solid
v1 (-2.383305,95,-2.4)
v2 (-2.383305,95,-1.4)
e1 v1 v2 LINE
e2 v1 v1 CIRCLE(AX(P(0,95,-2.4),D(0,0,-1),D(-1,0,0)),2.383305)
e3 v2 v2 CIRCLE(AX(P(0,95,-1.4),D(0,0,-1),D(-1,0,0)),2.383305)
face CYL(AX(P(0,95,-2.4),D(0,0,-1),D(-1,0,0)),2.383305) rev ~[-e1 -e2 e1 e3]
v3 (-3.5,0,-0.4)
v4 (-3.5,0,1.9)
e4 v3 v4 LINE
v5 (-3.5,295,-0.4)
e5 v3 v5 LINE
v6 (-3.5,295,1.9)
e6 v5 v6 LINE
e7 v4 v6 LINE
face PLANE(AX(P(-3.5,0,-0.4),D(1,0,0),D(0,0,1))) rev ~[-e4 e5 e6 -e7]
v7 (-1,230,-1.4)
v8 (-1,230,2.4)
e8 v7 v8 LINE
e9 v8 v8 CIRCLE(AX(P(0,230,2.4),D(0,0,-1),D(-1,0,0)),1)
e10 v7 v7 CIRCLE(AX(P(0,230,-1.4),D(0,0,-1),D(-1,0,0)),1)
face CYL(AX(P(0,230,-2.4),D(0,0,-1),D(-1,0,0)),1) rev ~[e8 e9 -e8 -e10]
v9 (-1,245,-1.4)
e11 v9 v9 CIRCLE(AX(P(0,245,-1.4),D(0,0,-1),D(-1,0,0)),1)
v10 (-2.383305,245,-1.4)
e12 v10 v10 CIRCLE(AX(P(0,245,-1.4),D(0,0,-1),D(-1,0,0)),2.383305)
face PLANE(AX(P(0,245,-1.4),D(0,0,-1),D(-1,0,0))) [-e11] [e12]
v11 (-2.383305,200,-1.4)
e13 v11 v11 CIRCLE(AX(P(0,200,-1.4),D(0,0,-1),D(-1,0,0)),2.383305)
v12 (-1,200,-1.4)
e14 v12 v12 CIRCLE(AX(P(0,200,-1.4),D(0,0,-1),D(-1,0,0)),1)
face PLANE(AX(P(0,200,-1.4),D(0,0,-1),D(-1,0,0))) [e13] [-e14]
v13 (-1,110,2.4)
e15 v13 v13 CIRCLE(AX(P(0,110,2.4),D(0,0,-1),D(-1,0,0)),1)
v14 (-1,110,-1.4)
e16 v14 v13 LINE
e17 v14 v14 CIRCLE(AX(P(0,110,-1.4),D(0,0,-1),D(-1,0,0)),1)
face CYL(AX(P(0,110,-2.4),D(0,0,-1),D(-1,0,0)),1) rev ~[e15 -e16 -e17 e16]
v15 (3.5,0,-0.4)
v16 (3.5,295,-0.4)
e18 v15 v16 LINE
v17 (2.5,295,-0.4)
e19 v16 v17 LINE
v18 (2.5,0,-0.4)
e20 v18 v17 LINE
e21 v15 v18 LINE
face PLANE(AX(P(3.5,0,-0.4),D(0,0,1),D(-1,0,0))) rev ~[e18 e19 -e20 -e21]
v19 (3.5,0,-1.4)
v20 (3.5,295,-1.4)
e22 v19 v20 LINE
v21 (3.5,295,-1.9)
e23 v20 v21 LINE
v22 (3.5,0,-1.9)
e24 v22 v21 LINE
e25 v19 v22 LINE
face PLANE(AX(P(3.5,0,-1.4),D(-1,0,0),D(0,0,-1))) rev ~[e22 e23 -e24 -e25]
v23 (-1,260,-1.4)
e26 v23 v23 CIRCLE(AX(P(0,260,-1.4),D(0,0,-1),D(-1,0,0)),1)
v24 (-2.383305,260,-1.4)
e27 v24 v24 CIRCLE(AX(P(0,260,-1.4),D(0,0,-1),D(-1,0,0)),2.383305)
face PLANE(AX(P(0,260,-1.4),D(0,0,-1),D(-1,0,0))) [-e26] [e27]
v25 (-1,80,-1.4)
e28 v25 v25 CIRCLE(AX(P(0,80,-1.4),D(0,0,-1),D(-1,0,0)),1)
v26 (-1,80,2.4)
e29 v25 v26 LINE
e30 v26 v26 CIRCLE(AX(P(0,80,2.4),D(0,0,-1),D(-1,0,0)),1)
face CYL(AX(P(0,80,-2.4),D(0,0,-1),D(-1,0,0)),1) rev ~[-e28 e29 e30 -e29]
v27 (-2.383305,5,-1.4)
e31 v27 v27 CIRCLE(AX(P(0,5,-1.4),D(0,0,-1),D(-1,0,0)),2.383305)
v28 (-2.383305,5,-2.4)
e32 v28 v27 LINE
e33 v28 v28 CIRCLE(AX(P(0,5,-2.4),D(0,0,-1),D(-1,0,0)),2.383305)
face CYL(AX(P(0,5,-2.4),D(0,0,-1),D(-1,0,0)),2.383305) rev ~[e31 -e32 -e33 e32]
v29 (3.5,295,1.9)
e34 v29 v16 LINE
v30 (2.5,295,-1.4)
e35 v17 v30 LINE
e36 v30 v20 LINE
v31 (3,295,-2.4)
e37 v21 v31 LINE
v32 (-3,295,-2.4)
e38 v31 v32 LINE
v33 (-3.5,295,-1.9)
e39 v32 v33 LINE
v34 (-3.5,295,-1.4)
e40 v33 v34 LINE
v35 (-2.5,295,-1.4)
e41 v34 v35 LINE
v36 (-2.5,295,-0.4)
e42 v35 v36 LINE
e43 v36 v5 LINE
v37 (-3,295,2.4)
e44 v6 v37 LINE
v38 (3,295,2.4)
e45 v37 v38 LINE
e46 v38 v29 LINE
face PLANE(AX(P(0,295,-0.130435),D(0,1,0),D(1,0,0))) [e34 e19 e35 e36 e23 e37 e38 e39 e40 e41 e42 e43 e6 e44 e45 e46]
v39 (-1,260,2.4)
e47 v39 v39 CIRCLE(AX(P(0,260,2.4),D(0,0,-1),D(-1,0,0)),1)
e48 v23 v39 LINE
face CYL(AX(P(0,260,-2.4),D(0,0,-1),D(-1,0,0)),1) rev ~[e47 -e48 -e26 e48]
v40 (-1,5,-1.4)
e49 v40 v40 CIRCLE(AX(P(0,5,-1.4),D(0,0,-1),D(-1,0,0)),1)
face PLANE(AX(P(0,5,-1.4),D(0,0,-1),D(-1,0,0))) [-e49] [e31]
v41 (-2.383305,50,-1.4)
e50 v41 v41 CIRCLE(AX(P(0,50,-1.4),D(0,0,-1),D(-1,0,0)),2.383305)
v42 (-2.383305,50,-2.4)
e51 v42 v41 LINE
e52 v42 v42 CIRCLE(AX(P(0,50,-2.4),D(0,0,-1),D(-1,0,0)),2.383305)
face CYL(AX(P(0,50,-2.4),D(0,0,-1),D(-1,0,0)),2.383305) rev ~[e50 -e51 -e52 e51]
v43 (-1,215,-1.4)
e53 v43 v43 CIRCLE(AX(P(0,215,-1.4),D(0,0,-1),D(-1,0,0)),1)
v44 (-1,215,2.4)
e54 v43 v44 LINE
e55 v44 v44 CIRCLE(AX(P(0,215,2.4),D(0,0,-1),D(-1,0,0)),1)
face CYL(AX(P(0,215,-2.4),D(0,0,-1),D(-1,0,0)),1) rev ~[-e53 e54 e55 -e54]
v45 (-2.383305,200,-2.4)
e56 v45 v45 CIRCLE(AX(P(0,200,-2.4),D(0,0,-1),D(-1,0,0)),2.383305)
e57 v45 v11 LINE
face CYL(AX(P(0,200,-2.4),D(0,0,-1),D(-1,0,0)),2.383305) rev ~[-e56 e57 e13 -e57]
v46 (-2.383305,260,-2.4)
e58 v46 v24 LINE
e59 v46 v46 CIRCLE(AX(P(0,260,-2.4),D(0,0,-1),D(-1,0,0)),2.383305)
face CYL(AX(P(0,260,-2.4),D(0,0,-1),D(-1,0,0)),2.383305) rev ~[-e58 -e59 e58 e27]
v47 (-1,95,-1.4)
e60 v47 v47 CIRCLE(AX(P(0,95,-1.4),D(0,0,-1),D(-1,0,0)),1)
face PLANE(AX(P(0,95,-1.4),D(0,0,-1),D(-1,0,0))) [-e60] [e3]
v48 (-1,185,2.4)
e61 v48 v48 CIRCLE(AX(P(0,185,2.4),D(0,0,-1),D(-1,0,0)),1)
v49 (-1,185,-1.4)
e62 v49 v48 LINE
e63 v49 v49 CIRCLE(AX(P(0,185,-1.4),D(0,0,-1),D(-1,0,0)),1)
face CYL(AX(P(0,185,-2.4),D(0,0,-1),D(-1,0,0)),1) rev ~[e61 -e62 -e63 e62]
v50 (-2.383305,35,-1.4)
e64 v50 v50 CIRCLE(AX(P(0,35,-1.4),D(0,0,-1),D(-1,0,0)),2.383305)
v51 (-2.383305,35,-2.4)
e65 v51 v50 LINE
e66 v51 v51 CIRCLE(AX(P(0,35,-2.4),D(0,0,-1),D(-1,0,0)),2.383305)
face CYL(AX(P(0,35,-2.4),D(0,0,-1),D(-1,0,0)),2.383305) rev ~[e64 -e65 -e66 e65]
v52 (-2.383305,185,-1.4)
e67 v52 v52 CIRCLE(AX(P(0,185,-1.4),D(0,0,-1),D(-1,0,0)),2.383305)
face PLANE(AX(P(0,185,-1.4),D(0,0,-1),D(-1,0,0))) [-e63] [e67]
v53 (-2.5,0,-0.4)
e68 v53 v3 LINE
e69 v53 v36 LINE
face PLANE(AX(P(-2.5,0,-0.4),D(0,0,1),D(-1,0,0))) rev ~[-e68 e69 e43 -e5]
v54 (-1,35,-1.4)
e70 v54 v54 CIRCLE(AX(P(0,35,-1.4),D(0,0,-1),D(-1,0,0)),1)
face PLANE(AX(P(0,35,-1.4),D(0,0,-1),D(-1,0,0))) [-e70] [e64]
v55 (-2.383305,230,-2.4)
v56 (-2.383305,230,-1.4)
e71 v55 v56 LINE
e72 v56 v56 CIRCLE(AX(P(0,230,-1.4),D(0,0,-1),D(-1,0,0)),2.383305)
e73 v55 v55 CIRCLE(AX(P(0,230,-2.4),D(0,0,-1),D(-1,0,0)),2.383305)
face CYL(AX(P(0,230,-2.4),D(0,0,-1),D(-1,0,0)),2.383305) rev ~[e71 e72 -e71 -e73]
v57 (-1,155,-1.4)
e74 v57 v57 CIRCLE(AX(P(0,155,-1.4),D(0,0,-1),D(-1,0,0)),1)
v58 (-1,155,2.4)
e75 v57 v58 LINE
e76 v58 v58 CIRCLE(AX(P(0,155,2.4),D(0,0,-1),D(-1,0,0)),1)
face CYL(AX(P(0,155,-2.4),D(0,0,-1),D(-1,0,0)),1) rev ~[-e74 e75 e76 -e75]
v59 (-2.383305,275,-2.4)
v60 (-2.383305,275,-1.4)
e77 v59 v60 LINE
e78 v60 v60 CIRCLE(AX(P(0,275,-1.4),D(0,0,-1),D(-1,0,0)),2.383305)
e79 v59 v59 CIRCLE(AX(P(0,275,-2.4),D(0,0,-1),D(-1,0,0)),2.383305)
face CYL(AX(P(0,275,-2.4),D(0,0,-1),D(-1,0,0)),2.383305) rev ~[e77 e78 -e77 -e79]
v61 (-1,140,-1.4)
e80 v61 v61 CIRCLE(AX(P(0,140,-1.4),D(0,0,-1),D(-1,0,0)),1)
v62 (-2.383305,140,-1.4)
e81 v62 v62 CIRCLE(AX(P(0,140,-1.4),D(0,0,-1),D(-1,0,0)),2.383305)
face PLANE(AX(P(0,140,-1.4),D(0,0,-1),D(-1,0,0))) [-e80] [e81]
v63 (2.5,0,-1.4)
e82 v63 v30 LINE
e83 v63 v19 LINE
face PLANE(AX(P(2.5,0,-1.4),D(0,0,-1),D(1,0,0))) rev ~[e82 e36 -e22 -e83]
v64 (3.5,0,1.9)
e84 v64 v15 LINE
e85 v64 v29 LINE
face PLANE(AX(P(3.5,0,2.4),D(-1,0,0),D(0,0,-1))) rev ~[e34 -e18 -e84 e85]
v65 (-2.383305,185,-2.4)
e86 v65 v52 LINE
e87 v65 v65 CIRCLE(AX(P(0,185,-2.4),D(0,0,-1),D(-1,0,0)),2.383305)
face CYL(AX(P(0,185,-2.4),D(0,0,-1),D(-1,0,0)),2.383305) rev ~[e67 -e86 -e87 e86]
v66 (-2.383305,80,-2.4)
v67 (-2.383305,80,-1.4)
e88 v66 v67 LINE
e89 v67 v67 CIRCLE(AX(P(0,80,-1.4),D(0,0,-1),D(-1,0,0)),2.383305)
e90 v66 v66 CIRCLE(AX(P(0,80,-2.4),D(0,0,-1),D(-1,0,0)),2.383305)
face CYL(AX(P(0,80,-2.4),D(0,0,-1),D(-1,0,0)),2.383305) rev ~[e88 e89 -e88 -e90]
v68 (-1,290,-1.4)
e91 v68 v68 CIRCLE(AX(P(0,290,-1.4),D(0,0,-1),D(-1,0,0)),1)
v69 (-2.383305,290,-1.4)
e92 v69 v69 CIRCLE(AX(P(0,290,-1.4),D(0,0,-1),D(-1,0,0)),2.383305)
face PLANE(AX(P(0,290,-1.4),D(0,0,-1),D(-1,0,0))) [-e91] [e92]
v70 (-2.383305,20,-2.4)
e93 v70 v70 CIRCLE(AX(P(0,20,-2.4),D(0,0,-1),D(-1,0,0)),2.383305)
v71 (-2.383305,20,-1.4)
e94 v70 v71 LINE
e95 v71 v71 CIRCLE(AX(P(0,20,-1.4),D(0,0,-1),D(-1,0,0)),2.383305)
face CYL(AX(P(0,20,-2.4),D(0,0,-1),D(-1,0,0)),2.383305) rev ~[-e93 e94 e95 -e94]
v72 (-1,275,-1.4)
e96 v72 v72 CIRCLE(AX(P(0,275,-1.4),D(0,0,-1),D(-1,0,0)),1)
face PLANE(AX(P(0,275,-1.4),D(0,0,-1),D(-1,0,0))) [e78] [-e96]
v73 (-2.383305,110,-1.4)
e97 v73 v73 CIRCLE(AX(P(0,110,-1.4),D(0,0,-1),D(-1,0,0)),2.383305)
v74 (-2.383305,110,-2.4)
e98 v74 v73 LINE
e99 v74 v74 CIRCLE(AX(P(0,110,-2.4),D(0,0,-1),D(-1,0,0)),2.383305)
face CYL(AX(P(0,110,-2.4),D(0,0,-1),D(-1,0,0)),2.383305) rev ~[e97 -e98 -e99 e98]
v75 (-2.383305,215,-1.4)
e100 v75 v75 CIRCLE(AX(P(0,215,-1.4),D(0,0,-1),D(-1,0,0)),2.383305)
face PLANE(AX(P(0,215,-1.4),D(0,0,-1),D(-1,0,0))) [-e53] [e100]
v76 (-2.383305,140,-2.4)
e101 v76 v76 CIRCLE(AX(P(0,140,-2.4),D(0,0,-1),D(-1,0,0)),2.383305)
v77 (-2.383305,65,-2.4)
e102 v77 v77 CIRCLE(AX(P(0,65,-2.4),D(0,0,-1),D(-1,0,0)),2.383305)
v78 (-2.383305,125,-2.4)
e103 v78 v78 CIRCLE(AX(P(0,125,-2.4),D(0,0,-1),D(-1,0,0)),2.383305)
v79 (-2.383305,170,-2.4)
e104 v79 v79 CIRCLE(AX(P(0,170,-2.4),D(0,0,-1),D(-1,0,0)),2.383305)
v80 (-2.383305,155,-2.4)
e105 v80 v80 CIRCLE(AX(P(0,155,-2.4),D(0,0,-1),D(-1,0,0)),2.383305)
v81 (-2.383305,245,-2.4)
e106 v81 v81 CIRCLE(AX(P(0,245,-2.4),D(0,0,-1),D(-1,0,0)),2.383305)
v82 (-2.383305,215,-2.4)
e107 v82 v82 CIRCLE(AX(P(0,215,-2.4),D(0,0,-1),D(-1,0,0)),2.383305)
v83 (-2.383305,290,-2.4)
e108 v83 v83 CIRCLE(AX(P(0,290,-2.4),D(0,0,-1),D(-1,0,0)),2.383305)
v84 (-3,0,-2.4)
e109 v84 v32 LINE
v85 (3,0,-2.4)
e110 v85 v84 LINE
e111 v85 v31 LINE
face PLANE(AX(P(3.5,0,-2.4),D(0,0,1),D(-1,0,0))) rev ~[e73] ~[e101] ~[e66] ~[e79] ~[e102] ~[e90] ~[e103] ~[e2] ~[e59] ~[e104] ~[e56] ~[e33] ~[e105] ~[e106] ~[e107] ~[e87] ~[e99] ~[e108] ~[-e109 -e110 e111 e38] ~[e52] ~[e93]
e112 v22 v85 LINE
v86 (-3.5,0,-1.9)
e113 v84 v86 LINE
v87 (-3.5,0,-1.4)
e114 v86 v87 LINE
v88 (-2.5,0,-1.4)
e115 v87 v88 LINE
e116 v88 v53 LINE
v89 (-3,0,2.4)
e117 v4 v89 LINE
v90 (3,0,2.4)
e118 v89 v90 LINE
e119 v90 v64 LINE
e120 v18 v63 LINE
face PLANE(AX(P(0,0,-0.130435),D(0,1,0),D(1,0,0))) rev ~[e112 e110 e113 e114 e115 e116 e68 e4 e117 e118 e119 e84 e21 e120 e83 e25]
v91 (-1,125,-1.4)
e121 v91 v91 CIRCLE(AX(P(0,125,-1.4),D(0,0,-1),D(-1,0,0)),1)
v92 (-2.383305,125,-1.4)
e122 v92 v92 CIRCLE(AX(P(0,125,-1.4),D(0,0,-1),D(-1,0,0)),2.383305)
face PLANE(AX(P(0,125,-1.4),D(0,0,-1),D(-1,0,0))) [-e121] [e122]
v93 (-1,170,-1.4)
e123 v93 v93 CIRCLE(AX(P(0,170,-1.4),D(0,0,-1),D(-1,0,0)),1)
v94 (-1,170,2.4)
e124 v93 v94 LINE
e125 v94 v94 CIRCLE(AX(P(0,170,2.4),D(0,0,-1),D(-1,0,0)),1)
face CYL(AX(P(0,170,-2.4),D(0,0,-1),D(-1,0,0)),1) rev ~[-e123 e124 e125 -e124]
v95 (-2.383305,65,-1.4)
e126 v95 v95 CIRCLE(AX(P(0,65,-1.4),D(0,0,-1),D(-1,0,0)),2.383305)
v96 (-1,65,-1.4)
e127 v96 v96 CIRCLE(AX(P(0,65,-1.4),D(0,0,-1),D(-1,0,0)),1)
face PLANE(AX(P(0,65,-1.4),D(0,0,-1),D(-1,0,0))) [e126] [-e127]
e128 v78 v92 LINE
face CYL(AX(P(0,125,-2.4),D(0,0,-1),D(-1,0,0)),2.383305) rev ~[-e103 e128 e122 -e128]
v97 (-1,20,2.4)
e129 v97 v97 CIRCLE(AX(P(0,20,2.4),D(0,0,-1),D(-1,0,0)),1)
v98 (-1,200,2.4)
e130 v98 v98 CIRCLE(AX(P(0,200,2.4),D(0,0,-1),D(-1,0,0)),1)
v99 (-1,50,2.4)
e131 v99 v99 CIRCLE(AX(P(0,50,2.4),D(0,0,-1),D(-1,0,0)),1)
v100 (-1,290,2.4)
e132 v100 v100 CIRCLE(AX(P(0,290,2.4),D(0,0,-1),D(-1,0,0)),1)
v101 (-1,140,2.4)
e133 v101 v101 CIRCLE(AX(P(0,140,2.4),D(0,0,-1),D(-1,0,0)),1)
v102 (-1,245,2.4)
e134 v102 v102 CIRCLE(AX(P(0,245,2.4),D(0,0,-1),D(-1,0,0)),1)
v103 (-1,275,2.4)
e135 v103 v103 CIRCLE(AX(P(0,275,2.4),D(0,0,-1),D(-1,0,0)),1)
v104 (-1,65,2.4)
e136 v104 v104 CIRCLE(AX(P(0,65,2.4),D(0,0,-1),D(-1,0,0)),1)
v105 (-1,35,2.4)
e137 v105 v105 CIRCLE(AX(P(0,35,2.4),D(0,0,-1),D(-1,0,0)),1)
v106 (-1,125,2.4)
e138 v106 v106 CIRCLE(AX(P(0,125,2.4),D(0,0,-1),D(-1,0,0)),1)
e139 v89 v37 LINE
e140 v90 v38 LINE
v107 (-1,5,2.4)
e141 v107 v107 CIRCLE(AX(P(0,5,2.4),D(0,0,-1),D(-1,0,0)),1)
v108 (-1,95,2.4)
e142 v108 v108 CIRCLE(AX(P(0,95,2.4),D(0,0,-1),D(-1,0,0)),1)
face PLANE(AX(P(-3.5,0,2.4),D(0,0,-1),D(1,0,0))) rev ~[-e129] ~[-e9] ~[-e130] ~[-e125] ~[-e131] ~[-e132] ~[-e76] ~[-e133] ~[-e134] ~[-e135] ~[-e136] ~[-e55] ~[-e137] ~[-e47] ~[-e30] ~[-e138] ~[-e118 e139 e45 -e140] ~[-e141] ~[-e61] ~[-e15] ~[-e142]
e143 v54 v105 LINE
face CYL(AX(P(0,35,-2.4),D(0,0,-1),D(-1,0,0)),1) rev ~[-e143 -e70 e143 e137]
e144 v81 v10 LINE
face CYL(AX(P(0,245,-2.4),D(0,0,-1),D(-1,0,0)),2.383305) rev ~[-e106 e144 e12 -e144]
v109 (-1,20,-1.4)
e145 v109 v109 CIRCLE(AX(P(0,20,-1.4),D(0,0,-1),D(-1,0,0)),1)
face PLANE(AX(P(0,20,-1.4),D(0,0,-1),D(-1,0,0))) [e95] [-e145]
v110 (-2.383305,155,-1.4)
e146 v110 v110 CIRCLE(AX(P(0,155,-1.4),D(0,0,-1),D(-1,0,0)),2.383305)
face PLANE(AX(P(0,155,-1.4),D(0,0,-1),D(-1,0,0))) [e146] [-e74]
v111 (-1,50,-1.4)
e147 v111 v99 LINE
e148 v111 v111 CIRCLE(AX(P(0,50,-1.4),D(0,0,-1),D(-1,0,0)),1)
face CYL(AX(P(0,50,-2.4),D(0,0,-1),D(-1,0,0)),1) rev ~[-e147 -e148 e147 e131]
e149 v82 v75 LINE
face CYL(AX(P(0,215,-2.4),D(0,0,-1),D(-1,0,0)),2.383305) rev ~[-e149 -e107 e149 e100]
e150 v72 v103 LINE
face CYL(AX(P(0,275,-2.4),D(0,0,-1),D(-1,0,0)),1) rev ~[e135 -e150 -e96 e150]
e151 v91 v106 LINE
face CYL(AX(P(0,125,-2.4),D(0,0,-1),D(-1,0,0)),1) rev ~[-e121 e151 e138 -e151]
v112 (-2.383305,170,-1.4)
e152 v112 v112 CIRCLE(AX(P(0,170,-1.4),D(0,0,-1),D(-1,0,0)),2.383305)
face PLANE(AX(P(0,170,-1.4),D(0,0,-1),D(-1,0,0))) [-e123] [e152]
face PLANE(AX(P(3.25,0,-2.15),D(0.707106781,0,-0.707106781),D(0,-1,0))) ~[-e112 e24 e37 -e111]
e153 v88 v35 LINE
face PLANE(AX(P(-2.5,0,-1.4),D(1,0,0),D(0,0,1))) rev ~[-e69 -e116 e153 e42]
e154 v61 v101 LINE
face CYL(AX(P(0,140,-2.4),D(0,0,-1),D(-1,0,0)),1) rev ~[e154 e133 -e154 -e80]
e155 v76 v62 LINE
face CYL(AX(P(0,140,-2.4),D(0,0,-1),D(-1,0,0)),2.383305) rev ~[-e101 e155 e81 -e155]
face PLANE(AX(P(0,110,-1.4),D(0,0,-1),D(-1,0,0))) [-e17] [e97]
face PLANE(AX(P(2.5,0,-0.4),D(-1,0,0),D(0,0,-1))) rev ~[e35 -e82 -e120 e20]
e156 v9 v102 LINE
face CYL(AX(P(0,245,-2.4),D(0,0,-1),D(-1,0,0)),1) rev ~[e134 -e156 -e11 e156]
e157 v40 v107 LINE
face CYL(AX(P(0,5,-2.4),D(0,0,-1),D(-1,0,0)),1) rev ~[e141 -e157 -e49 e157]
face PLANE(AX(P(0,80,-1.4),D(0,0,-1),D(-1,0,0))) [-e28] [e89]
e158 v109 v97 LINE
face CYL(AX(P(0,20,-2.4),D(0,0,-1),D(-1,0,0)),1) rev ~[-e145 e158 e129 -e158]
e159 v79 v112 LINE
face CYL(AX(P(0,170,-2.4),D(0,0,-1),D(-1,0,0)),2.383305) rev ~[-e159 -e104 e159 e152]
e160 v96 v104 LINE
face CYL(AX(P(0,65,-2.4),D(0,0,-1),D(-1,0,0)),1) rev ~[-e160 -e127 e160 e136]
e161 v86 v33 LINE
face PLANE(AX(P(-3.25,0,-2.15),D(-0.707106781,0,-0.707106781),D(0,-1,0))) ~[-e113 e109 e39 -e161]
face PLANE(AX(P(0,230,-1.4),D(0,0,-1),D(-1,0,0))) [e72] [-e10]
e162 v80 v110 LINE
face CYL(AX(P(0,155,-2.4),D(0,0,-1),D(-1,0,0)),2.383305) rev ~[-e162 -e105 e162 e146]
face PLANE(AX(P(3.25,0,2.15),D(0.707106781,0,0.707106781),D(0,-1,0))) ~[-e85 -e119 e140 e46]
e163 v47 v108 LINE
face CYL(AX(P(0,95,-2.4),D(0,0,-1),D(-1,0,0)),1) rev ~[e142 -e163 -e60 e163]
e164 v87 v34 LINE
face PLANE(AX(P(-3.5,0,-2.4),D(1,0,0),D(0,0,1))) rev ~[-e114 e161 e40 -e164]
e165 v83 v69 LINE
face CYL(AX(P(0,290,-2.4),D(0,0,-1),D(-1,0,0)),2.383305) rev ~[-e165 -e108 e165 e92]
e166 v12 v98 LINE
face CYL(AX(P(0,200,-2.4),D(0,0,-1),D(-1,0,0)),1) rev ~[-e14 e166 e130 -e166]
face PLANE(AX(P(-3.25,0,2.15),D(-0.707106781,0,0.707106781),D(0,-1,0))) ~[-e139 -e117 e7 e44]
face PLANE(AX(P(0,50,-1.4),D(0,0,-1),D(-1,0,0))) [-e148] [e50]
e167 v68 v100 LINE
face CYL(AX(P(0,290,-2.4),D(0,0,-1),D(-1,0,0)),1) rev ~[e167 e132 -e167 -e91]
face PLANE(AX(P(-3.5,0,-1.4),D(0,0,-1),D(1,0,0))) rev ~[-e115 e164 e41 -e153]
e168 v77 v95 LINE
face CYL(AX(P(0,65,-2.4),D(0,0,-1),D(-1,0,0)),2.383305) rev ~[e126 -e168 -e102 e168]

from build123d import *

# Parameters (mm, degrees)
EXTRUDE_1_DEPTH     = 295
SKETCH_2_R          = 1
CUT_EXTRUDE_1_DEPTH = 10
CHAMFER_1_SIZE      = 0.5
SKETCH_3_R          = 2.383304988
CUT_EXTRUDE_2_DEPTH = 1


with BuildPart() as part:
    # 草图1 → 凸台-拉伸1 (new body)
    with BuildSketch(Plane(origin=(0, 0, 0), x_dir=(1, 0, 0), z_dir=(0, 1, 0))):
        Polygon((-3.5, 0.4), (-3.5, -2.4), (3.5, -2.4), (3.5, 0.4), (2.5, 0.4), (2.5, 1.4), (3.5, 1.4), (3.5, 2.4), (-3.5, 2.4), (-3.5, 1.4), (-2.5, 1.4), (-2.5, 0.4), align=None)
    extrude(amount=EXTRUDE_1_DEPTH)

    # 草图2 → 切除-拉伸1 (cut)
    with BuildSketch(Plane(origin=(0, 0, -2.4), x_dir=(-1, 0, 0), z_dir=(0, 0, -1))):
        with Locations((0, 5)):
            Circle(SKETCH_2_R)
        with Locations((0, 20)):
            Circle(SKETCH_2_R)
        with Locations((0, 35)):
            Circle(SKETCH_2_R)
        with Locations((0, 50)):
            Circle(SKETCH_2_R)
        with Locations((0, 65)):
            Circle(SKETCH_2_R)
        with Locations((0, 80)):
            Circle(SKETCH_2_R)
        with Locations((0, 95)):
            Circle(SKETCH_2_R)
        with Locations((0, 110)):
            Circle(SKETCH_2_R)
        with Locations((0, 125)):
            Circle(SKETCH_2_R)
        with Locations((0, 140)):
            Circle(SKETCH_2_R)
        with Locations((0, 155)):
            Circle(SKETCH_2_R)
        with Locations((0, 170)):
            Circle(SKETCH_2_R)
        with Locations((0, 185)):
            Circle(SKETCH_2_R)
        with Locations((0, 200)):
            Circle(SKETCH_2_R)
        with Locations((0, 215)):
            Circle(SKETCH_2_R)
        with Locations((0, 230)):
            Circle(SKETCH_2_R)
        with Locations((0, 245)):
            Circle(SKETCH_2_R)
        with Locations((0, 260)):
            Circle(SKETCH_2_R)
        with Locations((0, 275)):
            Circle(SKETCH_2_R)
        with Locations((0, 290)):
            Circle(SKETCH_2_R)
    extrude(amount=-CUT_EXTRUDE_1_DEPTH, mode=Mode.SUBTRACT)

    # 倒角1
    chamfer_1_edges = [part.edges().sort_by_distance(p)[0] for p in [
        (-3.5, 147.5, -2.4),
        (3.5, 147.5, -2.4),
        (3.5, 147.5, 2.4),
        (-3.5, 147.5, 2.4),
    ]]
    chamfer(chamfer_1_edges, length=CHAMFER_1_SIZE)

    # 草图3 → 切除-拉伸2 (cut)
    with BuildSketch(Plane(origin=(0, 0, -2.4), x_dir=(-1, 0, 0), z_dir=(0, 0, -1))):
        with Locations((0, 5)):
            Circle(SKETCH_3_R)
        with Locations((0, 20)):
            Circle(SKETCH_3_R)
        with Locations((0, 35)):
            Circle(SKETCH_3_R)
        with Locations((0, 50)):
            Circle(SKETCH_3_R)
        with Locations((0, 65)):
            Circle(SKETCH_3_R)
        with Locations((0, 80)):
            Circle(SKETCH_3_R)
        with Locations((0, 95)):
            Circle(SKETCH_3_R)
        with Locations((0, 110)):
            Circle(SKETCH_3_R)
        with Locations((0, 125)):
            Circle(SKETCH_3_R)
        with Locations((0, 140)):
            Circle(SKETCH_3_R)
        with Locations((0, 155)):
            Circle(SKETCH_3_R)
        with Locations((0, 170)):
            Circle(SKETCH_3_R)
        with Locations((0, 185)):
            Circle(SKETCH_3_R)
        with Locations((0, 200)):
            Circle(SKETCH_3_R)
        with Locations((0, 215)):
            Circle(SKETCH_3_R)
        with Locations((0, 230)):
            Circle(SKETCH_3_R)
        with Locations((0, 245)):
            Circle(SKETCH_3_R)
        with Locations((0, 260)):
            Circle(SKETCH_3_R)
        with Locations((0, 275)):
            Circle(SKETCH_3_R)
        with Locations((0, 290)):
            Circle(SKETCH_3_R)
    extrude(amount=-CUT_EXTRUDE_2_DEPTH, mode=Mode.SUBTRACT)


solid = part.part
